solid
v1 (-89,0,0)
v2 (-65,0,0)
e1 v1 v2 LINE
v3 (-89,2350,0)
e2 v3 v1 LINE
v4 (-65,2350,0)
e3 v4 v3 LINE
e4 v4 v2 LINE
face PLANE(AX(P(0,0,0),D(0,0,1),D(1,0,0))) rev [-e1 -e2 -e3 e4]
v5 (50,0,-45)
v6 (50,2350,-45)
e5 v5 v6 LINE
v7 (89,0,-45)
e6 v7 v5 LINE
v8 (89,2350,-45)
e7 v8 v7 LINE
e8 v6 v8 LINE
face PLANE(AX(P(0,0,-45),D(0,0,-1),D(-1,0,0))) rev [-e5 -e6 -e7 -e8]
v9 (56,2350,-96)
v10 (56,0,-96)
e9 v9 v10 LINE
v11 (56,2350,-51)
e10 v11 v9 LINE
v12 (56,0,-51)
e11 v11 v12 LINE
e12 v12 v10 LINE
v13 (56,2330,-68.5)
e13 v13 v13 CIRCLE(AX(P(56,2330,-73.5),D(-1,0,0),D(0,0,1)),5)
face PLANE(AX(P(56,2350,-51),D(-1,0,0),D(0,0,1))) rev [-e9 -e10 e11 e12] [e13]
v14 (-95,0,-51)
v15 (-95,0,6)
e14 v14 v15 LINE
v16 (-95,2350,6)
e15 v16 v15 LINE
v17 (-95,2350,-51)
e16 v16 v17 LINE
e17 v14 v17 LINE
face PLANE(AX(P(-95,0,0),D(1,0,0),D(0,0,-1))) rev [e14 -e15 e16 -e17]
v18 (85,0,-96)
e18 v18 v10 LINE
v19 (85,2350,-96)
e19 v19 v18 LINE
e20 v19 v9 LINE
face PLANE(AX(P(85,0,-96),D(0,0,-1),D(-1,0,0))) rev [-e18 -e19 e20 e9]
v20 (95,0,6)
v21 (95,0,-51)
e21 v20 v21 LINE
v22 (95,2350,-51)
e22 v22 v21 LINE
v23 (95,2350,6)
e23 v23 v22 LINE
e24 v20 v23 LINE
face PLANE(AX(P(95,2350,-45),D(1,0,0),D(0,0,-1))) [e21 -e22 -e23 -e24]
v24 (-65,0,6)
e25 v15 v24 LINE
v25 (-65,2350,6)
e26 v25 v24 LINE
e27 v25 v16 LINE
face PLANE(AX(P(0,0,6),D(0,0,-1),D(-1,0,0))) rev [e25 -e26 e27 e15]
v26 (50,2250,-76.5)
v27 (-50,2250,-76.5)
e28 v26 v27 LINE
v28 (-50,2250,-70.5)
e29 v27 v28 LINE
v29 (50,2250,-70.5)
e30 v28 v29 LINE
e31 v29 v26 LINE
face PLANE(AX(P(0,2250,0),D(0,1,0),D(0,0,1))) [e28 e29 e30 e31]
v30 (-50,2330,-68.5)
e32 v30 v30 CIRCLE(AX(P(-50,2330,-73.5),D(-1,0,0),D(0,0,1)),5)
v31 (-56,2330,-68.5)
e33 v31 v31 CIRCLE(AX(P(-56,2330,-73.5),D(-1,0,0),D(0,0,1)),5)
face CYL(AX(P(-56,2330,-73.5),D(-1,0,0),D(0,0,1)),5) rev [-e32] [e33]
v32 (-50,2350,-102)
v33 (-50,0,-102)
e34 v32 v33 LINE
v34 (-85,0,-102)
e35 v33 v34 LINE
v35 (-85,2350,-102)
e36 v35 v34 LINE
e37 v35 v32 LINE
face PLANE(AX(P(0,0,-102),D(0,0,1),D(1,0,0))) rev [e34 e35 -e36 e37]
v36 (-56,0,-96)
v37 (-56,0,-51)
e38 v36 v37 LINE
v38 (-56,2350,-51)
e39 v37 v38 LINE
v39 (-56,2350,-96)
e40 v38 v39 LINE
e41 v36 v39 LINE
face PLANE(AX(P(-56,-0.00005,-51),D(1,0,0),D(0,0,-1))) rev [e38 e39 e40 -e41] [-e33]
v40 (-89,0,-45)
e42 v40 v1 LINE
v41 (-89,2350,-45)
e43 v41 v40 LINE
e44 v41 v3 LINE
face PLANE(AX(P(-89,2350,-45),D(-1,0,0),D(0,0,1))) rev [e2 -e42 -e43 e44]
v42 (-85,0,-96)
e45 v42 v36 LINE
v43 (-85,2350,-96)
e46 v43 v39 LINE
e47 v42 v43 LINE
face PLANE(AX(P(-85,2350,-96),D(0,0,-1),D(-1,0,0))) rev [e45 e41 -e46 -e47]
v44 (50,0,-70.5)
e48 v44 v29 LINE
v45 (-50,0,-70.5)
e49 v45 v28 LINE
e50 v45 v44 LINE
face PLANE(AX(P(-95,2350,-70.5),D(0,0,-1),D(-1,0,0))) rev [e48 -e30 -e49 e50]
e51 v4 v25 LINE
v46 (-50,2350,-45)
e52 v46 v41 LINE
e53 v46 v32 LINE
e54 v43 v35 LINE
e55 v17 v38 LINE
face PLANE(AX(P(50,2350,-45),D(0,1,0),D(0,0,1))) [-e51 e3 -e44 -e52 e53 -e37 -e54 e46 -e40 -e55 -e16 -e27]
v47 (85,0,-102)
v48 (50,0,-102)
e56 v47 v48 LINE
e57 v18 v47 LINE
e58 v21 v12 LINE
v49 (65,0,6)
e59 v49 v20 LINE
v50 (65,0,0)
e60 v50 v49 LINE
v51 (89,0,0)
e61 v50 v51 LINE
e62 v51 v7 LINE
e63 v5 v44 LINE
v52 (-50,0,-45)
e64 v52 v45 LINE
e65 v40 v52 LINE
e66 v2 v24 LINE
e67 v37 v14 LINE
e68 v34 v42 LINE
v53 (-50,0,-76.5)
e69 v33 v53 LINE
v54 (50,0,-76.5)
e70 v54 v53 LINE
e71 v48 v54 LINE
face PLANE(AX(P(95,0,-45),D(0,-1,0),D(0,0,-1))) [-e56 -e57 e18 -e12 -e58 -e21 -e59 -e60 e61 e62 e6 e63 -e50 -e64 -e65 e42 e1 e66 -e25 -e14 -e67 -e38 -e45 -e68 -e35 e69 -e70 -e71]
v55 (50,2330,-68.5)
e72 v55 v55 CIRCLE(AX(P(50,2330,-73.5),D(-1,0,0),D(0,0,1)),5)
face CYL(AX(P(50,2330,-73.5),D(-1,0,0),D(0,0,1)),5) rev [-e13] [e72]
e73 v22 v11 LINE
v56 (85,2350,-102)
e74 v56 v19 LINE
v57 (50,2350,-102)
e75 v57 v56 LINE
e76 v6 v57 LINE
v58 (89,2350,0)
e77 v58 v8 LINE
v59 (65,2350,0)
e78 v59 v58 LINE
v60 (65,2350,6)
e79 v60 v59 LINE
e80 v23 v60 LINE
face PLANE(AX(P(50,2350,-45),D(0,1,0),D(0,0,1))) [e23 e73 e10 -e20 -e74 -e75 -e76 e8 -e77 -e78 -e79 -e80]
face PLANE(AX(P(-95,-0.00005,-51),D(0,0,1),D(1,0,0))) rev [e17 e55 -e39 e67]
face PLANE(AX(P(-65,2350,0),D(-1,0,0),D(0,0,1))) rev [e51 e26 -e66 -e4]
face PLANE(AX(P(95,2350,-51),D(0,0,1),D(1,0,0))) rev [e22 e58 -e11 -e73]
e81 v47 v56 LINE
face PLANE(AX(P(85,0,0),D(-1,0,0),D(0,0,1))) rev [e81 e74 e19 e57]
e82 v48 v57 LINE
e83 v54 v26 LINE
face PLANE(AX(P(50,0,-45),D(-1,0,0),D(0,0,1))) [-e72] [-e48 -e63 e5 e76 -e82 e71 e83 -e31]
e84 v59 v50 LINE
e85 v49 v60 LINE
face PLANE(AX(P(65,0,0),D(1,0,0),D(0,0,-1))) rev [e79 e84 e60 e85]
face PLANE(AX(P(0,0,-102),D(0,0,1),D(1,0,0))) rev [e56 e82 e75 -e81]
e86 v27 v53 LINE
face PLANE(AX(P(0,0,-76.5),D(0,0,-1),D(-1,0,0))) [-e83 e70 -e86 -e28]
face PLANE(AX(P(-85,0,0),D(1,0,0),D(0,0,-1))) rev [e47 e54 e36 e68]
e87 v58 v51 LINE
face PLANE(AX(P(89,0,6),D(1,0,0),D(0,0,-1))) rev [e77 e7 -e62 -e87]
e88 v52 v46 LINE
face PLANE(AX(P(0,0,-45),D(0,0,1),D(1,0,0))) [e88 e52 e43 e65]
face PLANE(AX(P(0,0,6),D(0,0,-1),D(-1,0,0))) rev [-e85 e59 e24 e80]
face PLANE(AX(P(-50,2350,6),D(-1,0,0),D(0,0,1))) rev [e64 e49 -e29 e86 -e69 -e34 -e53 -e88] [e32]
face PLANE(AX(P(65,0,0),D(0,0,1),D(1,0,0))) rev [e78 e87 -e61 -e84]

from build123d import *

# Parameters (mm, degrees)
SKETCH1_W                      = 45
SKETCH1_H                      = 2350
BOSS_EXTRUDE1_DEPTH            = 31.5
SKETCH2_W                      = 6
SKETCH2_H                      = 2350
BOSS_EXTRUDE2_DEPTH            = 145
SKETCH3_W                      = 45
SKETCH3_H                      = 2350
BOSS_EXTRUDE3_DEPTH            = 76.5
SKETCH4_W                      = 6
SKETCH4_H                      = 2350
BOSS_EXTRUDE4_DEPTH            = 51
SKETCH5_W                      = 6
SKETCH5_H                      = 2350
BOSS_EXTRUDE5_DEPTH            = 24
SKETCH6_W                      = 15
SKETCH6_H                      = 2350
CUT_EXTRUDE1_DEPTH             = 6
SKETCH7_W                      = 39
SKETCH7_H                      = 2350
CUT_EXTRUDE2_DEPTH             = 45
SKETCH8_W                      = 100
SKETCH8_H                      = 6
CUT_EXTRUDE3_DEPTH             = 100
SKETCH9_W                      = 45
SKETCH9_H                      = 2350
BOSS_EXTRUDE6_DEPTH            = 25.5
SKETCH10_W                     = 39
SKETCH10_H                     = 51
CUT_EXTRUDE4_DEPTH             = 2351
SKETCH11_W                     = 6
SKETCH11_H                     = 2350
BOSS_EXTRUDE7_DEPTH            = 29
SKETCH12_W                     = 45
SKETCH12_H                     = 2350
BOSS_EXTRUDE8_DEPTH            = 25.5
SKETCH13_W                     = 39
SKETCH13_H                     = 51
CUT_EXTRUDE5_DEPTH             = 2351
SKETCH14_W                     = 6
SKETCH14_H                     = 2350
BOSS_EXTRUDE9_DEPTH            = 29
F_10_0_10_DIAMETER_HOLE1_D     = 10
F_10_0_10_DIAMETER_HOLE1_DEPTH = 6
F_10_0_10_DIAMETER_HOLE2_D     = 10
F_10_0_10_DIAMETER_HOLE2_DEPTH = 45


with BuildPart() as part:
    # Sketch1 → Boss-Extrude1 (new body)
    with BuildSketch(Plane(origin=(0, 0, -76.5), x_dir=(-1, 0, 0), z_dir=(0, 0, -1))):
        with Locations((-72.5, 1175)):
            Rectangle(SKETCH1_W, SKETCH1_H)
    extrude(amount=-BOSS_EXTRUDE1_DEPTH)

    # Sketch2 → Boss-Extrude2 (add)
    with BuildSketch(Plane.ZY.offset(-50)):
        with Locations((-73.5, 1175)):
            Rectangle(SKETCH2_W, SKETCH2_H)
    extrude(amount=BOSS_EXTRUDE2_DEPTH)

    # Sketch3 → Boss-Extrude3 (add)
    with BuildSketch(Plane.XY.offset(-70.5)):
        with Locations((-72.5, 1175)):
            Rectangle(SKETCH3_W, SKETCH3_H)
    extrude(amount=BOSS_EXTRUDE3_DEPTH)

    # Sketch4 → Boss-Extrude4 (add)
    with BuildSketch(Plane.XY.offset(-45)):
        with Locations((92, 1175)):
            Rectangle(SKETCH4_W, SKETCH4_H)
    extrude(amount=BOSS_EXTRUDE4_DEPTH)

    # Sketch5 → Boss-Extrude5 (add)
    with BuildSketch(Plane.ZY.offset(-89)):
        with Locations((3, 1175)):
            Rectangle(SKETCH5_W, SKETCH5_H)
    extrude(amount=BOSS_EXTRUDE5_DEPTH)

    # Sketch6 → Cut-Extrude1 (cut)
    with BuildSketch(Plane.XY.offset(6)):
        with Locations((-57.5, 1175)):
            Rectangle(SKETCH6_W, SKETCH6_H)
    extrude(amount=-CUT_EXTRUDE1_DEPTH, mode=Mode.SUBTRACT)

    # Sketch7 → Cut-Extrude2 (cut)
    with BuildSketch(Plane.XY):
        with Locations((-69.5, 1175)):
            Rectangle(SKETCH7_W, SKETCH7_H)
    extrude(amount=-CUT_EXTRUDE2_DEPTH, mode=Mode.SUBTRACT)

    # Sketch8 → Cut-Extrude3 (cut)
    with BuildSketch(Plane(origin=(0, 2350, 0), x_dir=(-1, 0, 0), z_dir=(0, 1, 0))):
        with Locations((0, -73.5)):
            Rectangle(SKETCH8_W, SKETCH8_H)
    extrude(amount=-CUT_EXTRUDE3_DEPTH, mode=Mode.SUBTRACT)

    # Sketch9 → Boss-Extrude6 (add)
    with BuildSketch(Plane(origin=(0, 0, -76.5), x_dir=(-1, 0, 0), z_dir=(0, 0, -1))):
        with Locations((-72.5, 1175)):
            Rectangle(SKETCH9_W, SKETCH9_H)
    extrude(amount=BOSS_EXTRUDE6_DEPTH)

    # Sketch10 → Cut-Extrude4 (cut, through all)
    with BuildSketch(Plane.XZ):
        with Locations((75.5, -76.5)):
            Rectangle(SKETCH10_W, SKETCH10_H)
    extrude(amount=-CUT_EXTRUDE4_DEPTH, mode=Mode.SUBTRACT)

    # Sketch11 → Boss-Extrude7 (add)
    with BuildSketch(Plane(origin=(56, 0, 0), x_dir=(0, 0, -1), z_dir=(1, 0, 0))):
        with Locations((99, 1175)):
            Rectangle(SKETCH11_W, SKETCH11_H)
    extrude(amount=BOSS_EXTRUDE7_DEPTH)

    # Sketch12 → Boss-Extrude8 (add)
    with BuildSketch(Plane(origin=(0, 0, -76.5), x_dir=(-1, 0, 0), z_dir=(0, 0, -1))):
        with Locations((72.5, 1175)):
            Rectangle(SKETCH12_W, SKETCH12_H)
    extrude(amount=BOSS_EXTRUDE8_DEPTH)

    # Sketch13 → Cut-Extrude5 (cut, through all)
    with BuildSketch(Plane(origin=(0, 2350, 0), x_dir=(-1, 0, 0), z_dir=(0, 1, 0))):
        with Locations((75.5, -76.5)):
            Rectangle(SKETCH13_W, SKETCH13_H)
    extrude(amount=-CUT_EXTRUDE5_DEPTH, mode=Mode.SUBTRACT)

    # Sketch14 → Boss-Extrude9 (add)
    with BuildSketch(Plane.ZY.offset(56)):
        with Locations((-99, 1175)):
            Rectangle(SKETCH14_W, SKETCH14_H)
    extrude(amount=BOSS_EXTRUDE9_DEPTH)

    # Ø10.0 (10) Diameter Hole1
    with Locations(Plane.ZY.offset(56)):
        with Locations((-73.5, 2330)):
            Hole(F_10_0_10_DIAMETER_HOLE1_D / 2, depth=F_10_0_10_DIAMETER_HOLE1_DEPTH)

    # Ø10.0 (10) Diameter Hole2
    with Locations(Plane.ZY.offset(-50)):
        with Locations((-73.5, 2330)):
            Hole(F_10_0_10_DIAMETER_HOLE2_D / 2, depth=F_10_0_10_DIAMETER_HOLE2_DEPTH)


solid = part.part
